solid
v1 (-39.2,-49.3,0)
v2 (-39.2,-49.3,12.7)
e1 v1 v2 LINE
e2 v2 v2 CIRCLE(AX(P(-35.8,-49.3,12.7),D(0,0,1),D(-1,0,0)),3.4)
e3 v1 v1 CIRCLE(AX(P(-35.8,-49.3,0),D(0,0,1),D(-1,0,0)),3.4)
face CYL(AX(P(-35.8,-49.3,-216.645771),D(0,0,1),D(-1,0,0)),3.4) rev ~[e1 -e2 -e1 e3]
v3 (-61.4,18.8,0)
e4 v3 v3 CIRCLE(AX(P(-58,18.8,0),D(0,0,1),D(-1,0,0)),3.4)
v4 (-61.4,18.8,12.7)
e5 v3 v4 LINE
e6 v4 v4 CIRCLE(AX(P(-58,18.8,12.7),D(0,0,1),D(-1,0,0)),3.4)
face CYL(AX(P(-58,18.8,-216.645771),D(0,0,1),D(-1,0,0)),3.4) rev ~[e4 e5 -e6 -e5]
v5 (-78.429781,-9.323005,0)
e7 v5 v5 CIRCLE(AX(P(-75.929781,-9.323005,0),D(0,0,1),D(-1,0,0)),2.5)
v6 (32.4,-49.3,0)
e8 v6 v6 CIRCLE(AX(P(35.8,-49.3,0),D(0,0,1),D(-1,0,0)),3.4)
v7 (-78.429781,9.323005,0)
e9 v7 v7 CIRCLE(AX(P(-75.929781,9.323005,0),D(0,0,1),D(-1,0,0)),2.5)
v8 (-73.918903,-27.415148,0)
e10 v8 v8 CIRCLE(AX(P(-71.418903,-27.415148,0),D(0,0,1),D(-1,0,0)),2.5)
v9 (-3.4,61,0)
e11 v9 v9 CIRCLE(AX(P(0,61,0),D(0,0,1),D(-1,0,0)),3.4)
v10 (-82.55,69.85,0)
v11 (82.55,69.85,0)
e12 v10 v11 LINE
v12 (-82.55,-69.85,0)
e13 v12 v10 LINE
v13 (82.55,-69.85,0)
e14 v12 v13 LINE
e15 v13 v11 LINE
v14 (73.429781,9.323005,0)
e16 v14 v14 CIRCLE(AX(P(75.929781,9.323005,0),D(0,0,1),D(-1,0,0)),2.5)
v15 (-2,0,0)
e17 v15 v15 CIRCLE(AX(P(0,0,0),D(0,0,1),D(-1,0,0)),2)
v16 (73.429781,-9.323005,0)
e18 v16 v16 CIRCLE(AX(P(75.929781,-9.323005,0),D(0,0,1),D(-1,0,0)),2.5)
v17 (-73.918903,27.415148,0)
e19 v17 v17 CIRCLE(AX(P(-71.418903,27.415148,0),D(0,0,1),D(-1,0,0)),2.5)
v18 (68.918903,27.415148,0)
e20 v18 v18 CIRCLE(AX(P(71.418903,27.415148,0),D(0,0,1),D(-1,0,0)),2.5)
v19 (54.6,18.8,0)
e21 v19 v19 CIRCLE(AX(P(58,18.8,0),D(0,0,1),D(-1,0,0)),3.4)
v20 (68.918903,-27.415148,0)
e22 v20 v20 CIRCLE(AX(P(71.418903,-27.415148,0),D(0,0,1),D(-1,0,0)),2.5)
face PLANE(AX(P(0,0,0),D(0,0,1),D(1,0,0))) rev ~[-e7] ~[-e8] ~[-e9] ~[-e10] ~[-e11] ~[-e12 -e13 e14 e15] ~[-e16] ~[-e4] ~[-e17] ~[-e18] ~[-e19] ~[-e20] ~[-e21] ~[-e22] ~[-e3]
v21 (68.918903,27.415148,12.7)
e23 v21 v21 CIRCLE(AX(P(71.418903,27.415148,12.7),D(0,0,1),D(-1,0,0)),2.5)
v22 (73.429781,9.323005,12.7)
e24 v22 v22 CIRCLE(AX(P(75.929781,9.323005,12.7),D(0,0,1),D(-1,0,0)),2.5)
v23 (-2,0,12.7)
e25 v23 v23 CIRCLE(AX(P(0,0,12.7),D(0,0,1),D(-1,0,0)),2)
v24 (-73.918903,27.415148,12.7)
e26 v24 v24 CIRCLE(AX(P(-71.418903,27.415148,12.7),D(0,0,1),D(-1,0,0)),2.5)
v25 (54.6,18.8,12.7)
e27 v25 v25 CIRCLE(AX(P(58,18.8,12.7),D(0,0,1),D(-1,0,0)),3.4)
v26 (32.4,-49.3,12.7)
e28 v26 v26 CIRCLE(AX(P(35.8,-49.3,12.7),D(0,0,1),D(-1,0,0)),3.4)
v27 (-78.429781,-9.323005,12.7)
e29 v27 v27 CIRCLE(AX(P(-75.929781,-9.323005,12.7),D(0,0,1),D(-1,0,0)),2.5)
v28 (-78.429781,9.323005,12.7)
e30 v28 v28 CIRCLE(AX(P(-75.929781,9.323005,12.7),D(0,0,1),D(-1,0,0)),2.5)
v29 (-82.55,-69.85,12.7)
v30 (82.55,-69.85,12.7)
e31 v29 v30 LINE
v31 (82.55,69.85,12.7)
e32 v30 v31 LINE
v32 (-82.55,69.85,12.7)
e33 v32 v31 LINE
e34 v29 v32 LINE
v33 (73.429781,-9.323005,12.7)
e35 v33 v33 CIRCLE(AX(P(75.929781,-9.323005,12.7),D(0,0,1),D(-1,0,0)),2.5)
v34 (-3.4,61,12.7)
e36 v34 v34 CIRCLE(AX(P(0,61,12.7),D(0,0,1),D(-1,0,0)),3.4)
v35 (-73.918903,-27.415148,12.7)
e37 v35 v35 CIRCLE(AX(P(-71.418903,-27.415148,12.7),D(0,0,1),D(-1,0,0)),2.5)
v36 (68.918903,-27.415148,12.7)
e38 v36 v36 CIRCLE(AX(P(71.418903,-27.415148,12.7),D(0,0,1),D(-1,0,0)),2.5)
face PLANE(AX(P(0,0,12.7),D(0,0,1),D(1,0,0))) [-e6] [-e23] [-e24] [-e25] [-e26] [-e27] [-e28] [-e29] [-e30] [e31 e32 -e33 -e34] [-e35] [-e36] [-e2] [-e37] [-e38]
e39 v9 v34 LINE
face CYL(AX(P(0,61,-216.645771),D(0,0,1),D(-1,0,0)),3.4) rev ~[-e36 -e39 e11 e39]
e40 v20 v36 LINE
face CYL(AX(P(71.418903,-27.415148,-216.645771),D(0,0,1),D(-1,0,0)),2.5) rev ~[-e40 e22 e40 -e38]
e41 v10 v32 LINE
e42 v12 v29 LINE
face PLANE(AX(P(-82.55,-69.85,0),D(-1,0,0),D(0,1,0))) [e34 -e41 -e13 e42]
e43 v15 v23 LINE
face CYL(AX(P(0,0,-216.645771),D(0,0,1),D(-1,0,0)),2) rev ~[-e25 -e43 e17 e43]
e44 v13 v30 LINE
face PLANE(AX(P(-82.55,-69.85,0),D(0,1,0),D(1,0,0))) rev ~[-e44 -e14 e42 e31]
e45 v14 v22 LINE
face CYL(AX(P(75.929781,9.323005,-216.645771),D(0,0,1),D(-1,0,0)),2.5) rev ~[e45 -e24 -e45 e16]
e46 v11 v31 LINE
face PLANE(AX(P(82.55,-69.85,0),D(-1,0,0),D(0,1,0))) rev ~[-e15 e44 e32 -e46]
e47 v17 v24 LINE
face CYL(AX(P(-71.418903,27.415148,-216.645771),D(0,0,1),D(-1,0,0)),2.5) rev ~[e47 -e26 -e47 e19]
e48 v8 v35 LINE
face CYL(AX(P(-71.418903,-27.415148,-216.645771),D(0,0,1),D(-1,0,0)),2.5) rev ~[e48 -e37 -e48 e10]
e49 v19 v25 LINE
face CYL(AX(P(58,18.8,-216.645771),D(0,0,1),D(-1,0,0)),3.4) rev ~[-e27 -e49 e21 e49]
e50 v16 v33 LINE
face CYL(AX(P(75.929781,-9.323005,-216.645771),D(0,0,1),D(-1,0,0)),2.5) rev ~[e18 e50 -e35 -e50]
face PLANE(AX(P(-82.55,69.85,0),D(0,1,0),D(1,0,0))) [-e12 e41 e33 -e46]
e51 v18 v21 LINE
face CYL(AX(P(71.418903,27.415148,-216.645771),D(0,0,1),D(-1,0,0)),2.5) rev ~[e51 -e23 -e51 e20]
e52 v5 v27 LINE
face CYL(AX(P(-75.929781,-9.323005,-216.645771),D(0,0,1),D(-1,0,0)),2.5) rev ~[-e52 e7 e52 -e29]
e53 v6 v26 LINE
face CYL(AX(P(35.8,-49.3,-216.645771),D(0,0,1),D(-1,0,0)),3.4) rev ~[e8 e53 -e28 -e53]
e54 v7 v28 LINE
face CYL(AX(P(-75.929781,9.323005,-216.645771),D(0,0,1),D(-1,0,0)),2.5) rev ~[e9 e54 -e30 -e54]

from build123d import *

# Parameters (mm, degrees)
F0_W     = 165.1
F0_H     = 139.7
F1_DEPTH = 12.7
F2_D     = 6.8
F3_D     = 5
F4_D     = 4


with BuildPart() as f1:
    # F0 (on Top) → F1 (new body)
    with BuildSketch(Plane.XY):
        Rectangle(F0_W, F0_H)
    extrude(amount=F1_DEPTH)

    # F2 (through all)
    with Locations(Plane(origin=(0, 0, 0), x_dir=(1, 0, 0), z_dir=(0, 0, -1))):
        with Locations((-58, -18.8), (0, -61), (58, -18.8), (35.8, 49.3), (-35.8, 49.3)):
            Hole(F2_D / 2)

    # F3 (through all)
    with Locations(Plane(origin=(0, 0, 0), x_dir=(1, 0, 0), z_dir=(0, 0, -1))):
        with Locations((-71.418902627, 27.4151481402), (-75.9297806006, 9.3230047705), (-75.9297806006, -9.3230047705), (-71.418902627, -27.4151481402), (71.418902627, 27.4151481402), (75.9297806006, 9.3230047705), (75.9297806006, -9.3230047705), (71.418902627, -27.4151481402)):
            Hole(F3_D / 2)

    # F4 (through all)
    with Locations(Plane(origin=(0, 0, 0), x_dir=(1, 0, 0), z_dir=(0, 0, -1))):
        with Locations((0, 0)):
            Hole(F4_D / 2)


solid = f1.part
